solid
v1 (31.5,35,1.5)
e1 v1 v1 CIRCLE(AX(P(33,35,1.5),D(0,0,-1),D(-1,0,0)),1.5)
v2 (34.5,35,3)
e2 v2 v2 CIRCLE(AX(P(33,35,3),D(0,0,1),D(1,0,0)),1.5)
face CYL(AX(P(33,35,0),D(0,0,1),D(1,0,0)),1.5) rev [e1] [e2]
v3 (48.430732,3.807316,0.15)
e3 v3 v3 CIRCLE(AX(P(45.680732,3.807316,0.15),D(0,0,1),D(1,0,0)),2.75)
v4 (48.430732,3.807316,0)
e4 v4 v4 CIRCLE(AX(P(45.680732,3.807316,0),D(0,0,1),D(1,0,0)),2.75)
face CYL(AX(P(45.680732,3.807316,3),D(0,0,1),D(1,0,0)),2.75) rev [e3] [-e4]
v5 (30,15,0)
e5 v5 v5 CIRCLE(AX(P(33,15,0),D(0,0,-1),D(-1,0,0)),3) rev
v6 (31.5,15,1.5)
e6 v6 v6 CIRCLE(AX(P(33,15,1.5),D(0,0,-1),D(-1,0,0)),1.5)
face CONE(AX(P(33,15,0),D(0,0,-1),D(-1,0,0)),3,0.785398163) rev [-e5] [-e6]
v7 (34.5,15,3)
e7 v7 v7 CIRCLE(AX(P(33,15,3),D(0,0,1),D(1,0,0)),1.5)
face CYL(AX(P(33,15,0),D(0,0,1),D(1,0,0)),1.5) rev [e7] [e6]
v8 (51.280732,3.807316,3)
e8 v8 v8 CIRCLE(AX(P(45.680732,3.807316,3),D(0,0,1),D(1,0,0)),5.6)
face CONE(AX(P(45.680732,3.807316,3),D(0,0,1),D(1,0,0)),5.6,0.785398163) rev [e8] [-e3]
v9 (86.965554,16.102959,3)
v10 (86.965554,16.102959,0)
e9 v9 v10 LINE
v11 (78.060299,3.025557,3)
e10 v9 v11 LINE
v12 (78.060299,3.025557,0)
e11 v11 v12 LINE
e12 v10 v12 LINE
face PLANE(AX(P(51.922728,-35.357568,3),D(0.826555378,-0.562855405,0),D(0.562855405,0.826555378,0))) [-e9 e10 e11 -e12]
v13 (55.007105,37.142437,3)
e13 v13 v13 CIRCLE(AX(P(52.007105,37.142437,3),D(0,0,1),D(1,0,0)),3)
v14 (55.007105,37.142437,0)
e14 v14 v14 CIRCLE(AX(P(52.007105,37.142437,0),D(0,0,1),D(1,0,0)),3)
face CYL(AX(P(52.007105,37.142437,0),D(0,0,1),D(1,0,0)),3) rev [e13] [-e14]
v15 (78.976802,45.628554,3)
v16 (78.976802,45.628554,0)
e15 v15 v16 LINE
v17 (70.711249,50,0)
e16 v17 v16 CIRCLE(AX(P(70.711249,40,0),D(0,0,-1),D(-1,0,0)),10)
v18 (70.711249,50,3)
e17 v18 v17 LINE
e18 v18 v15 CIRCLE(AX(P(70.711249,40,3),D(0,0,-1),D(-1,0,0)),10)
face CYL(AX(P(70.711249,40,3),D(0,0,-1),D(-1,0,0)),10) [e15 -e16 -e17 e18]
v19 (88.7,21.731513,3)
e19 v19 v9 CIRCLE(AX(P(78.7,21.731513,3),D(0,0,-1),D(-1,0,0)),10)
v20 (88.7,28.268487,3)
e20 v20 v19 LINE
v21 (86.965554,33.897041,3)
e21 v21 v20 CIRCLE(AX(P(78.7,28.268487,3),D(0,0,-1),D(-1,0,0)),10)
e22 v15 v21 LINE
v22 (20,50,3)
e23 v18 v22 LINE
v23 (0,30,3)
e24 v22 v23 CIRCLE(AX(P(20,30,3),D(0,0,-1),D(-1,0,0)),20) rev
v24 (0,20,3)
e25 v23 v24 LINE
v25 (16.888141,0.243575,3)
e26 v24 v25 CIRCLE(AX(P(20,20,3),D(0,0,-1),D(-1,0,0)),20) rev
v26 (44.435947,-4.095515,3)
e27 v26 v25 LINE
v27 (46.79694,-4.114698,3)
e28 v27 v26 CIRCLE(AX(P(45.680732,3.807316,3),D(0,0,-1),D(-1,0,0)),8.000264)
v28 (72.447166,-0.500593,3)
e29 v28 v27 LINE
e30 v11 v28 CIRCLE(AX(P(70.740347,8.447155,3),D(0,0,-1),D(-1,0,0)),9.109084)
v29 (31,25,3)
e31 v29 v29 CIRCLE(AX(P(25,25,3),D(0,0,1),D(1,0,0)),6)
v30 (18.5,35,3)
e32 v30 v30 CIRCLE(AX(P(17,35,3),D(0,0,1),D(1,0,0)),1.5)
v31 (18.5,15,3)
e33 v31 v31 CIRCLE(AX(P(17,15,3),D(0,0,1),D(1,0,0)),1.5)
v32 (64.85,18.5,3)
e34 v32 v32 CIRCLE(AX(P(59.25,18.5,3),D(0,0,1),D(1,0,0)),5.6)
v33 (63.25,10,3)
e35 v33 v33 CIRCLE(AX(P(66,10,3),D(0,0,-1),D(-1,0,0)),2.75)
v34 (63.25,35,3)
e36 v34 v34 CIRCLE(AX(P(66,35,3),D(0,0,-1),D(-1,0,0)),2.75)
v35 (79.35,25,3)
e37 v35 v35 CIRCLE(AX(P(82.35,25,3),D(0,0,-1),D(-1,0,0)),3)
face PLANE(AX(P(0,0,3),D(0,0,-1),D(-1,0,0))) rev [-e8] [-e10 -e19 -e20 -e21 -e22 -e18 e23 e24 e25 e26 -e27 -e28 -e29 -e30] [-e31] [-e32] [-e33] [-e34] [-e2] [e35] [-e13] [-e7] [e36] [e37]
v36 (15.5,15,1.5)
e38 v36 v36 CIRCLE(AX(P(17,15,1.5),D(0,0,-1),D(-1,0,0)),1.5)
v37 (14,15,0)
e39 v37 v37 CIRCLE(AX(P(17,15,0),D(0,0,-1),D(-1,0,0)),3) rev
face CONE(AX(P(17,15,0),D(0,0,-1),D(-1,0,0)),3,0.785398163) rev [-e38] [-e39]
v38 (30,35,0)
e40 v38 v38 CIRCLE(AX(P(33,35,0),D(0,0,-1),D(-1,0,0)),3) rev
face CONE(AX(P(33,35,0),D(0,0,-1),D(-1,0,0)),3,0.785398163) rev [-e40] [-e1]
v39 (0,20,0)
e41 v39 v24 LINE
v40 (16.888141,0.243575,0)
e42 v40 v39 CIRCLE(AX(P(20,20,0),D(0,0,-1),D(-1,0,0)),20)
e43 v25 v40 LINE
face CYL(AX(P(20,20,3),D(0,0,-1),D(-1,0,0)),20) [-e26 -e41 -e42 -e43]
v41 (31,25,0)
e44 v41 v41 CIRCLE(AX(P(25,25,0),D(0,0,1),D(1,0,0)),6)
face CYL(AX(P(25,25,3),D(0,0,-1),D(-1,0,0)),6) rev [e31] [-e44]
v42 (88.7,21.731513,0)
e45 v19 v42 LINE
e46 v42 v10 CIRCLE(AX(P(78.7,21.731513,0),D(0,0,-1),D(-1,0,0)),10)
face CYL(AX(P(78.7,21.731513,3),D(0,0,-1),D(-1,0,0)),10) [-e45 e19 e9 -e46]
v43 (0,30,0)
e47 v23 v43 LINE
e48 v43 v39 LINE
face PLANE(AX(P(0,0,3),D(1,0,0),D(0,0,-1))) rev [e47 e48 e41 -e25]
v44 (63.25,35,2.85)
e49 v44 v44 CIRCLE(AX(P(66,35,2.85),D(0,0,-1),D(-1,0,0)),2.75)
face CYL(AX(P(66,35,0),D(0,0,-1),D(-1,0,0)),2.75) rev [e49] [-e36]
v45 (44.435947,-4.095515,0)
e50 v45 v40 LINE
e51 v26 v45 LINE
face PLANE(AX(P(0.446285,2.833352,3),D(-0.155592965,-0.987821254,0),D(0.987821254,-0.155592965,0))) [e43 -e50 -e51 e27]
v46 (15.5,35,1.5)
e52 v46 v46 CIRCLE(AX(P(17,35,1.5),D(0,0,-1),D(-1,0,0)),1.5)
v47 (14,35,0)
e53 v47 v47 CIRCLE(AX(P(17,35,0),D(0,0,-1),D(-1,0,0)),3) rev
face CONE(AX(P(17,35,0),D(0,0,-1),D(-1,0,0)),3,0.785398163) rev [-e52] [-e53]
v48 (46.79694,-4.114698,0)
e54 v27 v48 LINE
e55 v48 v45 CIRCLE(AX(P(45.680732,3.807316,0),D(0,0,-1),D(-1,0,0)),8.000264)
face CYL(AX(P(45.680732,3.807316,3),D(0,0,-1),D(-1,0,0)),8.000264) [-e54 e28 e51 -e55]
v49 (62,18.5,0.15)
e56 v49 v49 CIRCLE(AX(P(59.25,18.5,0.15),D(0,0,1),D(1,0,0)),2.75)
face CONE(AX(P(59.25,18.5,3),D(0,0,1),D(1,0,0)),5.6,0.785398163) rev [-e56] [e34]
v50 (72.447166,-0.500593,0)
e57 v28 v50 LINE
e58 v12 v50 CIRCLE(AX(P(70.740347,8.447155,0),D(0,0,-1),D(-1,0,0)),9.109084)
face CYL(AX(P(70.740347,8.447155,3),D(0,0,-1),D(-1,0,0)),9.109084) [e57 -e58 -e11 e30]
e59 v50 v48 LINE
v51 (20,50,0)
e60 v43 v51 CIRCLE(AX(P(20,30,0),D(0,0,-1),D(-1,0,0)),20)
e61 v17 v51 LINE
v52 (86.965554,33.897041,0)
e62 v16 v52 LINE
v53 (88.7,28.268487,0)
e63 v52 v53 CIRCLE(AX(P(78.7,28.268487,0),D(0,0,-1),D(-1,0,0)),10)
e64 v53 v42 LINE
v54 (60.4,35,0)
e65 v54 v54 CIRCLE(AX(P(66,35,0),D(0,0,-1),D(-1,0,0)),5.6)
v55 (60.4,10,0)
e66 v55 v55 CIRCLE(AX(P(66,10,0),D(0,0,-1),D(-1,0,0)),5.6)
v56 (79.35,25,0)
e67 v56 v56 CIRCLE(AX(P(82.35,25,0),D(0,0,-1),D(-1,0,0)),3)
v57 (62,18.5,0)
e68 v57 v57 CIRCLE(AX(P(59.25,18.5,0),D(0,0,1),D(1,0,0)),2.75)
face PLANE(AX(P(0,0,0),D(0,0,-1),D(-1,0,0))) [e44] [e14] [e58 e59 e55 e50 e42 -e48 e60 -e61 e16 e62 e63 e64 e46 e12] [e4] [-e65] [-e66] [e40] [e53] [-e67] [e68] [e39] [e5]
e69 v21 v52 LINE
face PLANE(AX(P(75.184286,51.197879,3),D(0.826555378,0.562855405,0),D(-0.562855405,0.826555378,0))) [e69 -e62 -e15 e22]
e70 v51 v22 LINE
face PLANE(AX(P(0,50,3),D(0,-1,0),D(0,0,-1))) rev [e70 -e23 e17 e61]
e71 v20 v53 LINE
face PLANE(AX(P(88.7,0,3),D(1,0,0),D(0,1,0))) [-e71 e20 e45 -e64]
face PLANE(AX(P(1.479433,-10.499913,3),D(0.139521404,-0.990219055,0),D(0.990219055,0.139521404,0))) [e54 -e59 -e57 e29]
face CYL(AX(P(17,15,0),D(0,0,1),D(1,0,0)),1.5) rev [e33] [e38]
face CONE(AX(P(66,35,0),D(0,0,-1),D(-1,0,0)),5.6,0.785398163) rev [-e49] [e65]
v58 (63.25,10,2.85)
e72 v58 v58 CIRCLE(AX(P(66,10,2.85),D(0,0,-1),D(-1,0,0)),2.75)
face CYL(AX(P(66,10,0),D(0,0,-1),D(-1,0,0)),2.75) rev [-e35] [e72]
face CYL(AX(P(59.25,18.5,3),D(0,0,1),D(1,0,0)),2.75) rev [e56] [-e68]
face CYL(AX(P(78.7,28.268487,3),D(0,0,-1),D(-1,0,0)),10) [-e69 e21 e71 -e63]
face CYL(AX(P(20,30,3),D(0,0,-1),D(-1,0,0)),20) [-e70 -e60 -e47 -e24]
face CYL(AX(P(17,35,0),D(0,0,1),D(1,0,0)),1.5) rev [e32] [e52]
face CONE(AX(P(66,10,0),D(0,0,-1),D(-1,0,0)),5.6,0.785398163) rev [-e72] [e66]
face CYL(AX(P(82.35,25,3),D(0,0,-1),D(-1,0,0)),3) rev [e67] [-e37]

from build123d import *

# Parameters (mm, degrees)
ESBO_O1_W                           = 76
ESBO_O1_H                           = 50
ESBO_O1_R                           = 2.5
ESBO_O1_R_2                         = 6
RESSALTO_EXTRUS_O1_DEPTH            = 3
ESBO_O2_R                           = 2.5
CORTE_EXTRUS_O1_DEPTH               = 3
FILETE1_R                           = 20
ESBO_O3_R                           = 1.5
CORTE_EXTRUS_O2_DEPTH               = 4
ESBO_O4_R                           = 2.5
ESBO_O4_R_2                         = 3
CORTE_EXTRUS_O3_DEPTH               = 4
RESSALTO_EXTRUS_O2_DEPTH            = 3
ESBO_O6_R                           = 3
RESSALTO_EXTRUS_O3_DEPTH            = 3
CORTE_EXTRUS_O4_DEPTH               = 4
CHANFRO1_SIZE                       = 1.5
ESCAREADO_PARA_SFHCS_M54_AT_2_COUNT = 2
ESCAREADO_PARA_SFHCS_M54_AT_2_PITCH = 25


with BuildPart() as part:
    # Esboço1 → Ressalto-extrusão1 (new body)
    with BuildSketch(Plane.XY):
        with Locations((38, 25)):
            Rectangle(ESBO_O1_W, ESBO_O1_H)
        with Locations((59.25, 18.5)):
            Circle(ESBO_O1_R, mode=Mode.SUBTRACT)
        with Locations((25, 25)):
            Circle(ESBO_O1_R_2, mode=Mode.SUBTRACT)
    extrude(amount=RESSALTO_EXTRUS_O1_DEPTH)

    # Esboço2 → Corte-extrusão1 (cut)
    with BuildSketch(Plane.XY.offset(3)):
        with Locations((66, 35)):
            Circle(ESBO_O2_R)
        with Locations((66, 10)):
            Circle(ESBO_O2_R)
    extrude(amount=-CORTE_EXTRUS_O1_DEPTH, mode=Mode.SUBTRACT)

    # Filete1
    filete1_edges = [part.edges().sort_by_distance(p)[0] for p in [
        (0, 50, 1.5),
        (0, 0, 1.5),
    ]]
    fillet(filete1_edges, radius=FILETE1_R)

    # Esboço3 → Corte-extrusão2 (cut, through all)
    with BuildSketch(Plane.XY.offset(3)):
        with Locations((33, 35)):
            Circle(ESBO_O3_R)
        with Locations((33, 15)):
            Circle(ESBO_O3_R)
        with Locations((17, 15)):
            Circle(ESBO_O3_R)
        with Locations((17, 35)):
            Circle(ESBO_O3_R)
    extrude(amount=-CORTE_EXTRUS_O2_DEPTH, mode=Mode.SUBTRACT)

    # Esboço4 → Corte-extrusão3 (cut, through all)
    with BuildSketch(Plane.XY.offset(3)):
        with Locations((45.680731562, 3.807316308)):
            Circle(ESBO_O4_R)
        with Locations((52.0071049, 37.142437356)):
            Circle(ESBO_O4_R_2)
    extrude(amount=-CORTE_EXTRUS_O3_DEPTH, mode=Mode.SUBTRACT)

    # Esboço5 → Ressalto-extrusão2 (add, through all)
    with BuildSketch(Plane(origin=(0, 0, 0), x_dir=(-1, 0, 0), z_dir=(0, 0, -1))):
        with BuildLine():
            Line((-20, 0), (-76, 0))
            Line((-76, 0), (-46.796939635, -4.11469761))
            ThreePointArc((-46.796939635, -4.11469761), (-45.615731629, -4.192683692), (-44.435946758, -4.095514563))
            Line((-44.435946758, -4.095514563), (-16.888140703, 0.243574926))
            ThreePointArc((-16.888140703, 0.243574926), (-18.439311288, 0.060986716), (-20, 0))
        make_face()
    extrude(amount=-RESSALTO_EXTRUS_O2_DEPTH)

    # Esboço6 → Ressalto-extrusão3 (add, through all)
    with BuildSketch(Plane(origin=(0, 0, 0), x_dir=(-1, 0, 0), z_dir=(0, 0, -1))):
        with BuildLine():
            ThreePointArc((-88.7, 21.731512949), (-88.256556331, 18.786647741), (-86.965553781, 16.102958899))
            Line((-86.965553781, 16.102958899), (-78.060298944, 3.02555711))
            ThreePointArc((-78.060298944, 3.02555711), (-77.114291558, 1.840577528), (-76, 0.812248345))
            Line((-76, 0.812248345), (-76, 48.486996415))
            ThreePointArc((-76, 48.486996415), (-77.637464746, 47.21301111), (-78.976802336, 45.628554049))
            Line((-78.976802336, 45.628554049), (-86.965553781, 33.897041101))
            ThreePointArc((-86.965553781, 33.897041101), (-88.256556331, 31.213352259), (-88.7, 28.268487051))
            Line((-88.7, 28.268487051), (-88.7, 21.731512949))
        make_face()
        with Locations((-82.35, 25)):
            Circle(ESBO_O6_R, mode=Mode.SUBTRACT)
    extrude(amount=-RESSALTO_EXTRUS_O3_DEPTH)

    # Esboço7 → Corte-extrusão4 (cut, through all)
    with BuildSketch(Plane(origin=(0, 0, 0), x_dir=(-1, 0, 0), z_dir=(0, 0, -1))):
        with BuildLine():
            ThreePointArc((-78.060298944, 3.02555711), (-77.114291558, 1.840577528), (-76, 0.812248345))
            Line((-76, 0.812248345), (-76, 0))
            Line((-76, 0), (-72.447166346, -0.500592608))
            ThreePointArc((-72.447166346, -0.500592608), (-75.585868949, 0.73376814), (-78.060298944, 3.02555711))
        make_face()
        with BuildLine():
            Line((-76, 50), (-76, 48.486996415))
            ThreePointArc((-76, 48.486996415), (-73.461706321, 49.614311316), (-70.711248555, 50))
            Line((-70.711248555, 50), (-76, 50))
        make_face()
    extrude(amount=-CORTE_EXTRUS_O4_DEPTH, mode=Mode.SUBTRACT)

    # Chanfro1
    chanfro1_edges = [part.edges().sort_by_distance(p)[0] for p in [
        (15.5, 35, 0),
        (15.5, 15, 0),
        (31.5, 15, 0),
        (31.5, 35, 0),
    ]]
    chamfer(chanfro1_edges, length=CHANFRO1_SIZE)

    # Esboço17 → Escareado para SFHCS M51 (revolve, cut)
    with BuildSketch(Plane(origin=(45.680731562, 3.807316308, 3), x_dir=(0, -1, 0), z_dir=(1, 0, 0))):
        Polygon((0, 0), (0, 3), (2.75, 3), (2.75, 2.85), (5.6, 0), align=None)
    revolve(axis=Axis((45.680731562, 3.807316308, 9.35), (0, 0, -1)), mode=Mode.SUBTRACT)

    # Esboço19 → Escareado para SFHCS M52 (revolve, cut)
    with BuildSketch(Plane(origin=(59.25, 18.5, 3), x_dir=(0, -1, 0), z_dir=(1, 0, 0))):
        Polygon((0, 0), (0, 3), (2.75, 3), (2.75, 2.85), (5.6, 0), align=None)
    revolve(axis=Axis((59.25, 18.5, 9.35), (0, 0, -1)), mode=Mode.SUBTRACT)

    # Esboço23 → Escareado para SFHCS M54 (revolve, cut)
    with BuildSketch(Plane(origin=(66, 35, 0), x_dir=(0, 1, 0), z_dir=(1, 0, 0))):
        Polygon((0, 0), (0, 3), (2.75, 3), (2.75, 2.85), (5.6, 0), align=None)
    escareado_para_sfhcs_m54 = revolve(axis=Axis((66, 35, -6.35), (0, 0, 1)), mode=Mode.SUBTRACT)

    # Escareado para SFHCS M54 at 2: Escareado para SFHCS M54 ×2
    with Locations(*[(0, -i * ESCAREADO_PARA_SFHCS_M54_AT_2_PITCH, 0) for i in range(1, ESCAREADO_PARA_SFHCS_M54_AT_2_COUNT)]):
        add(escareado_para_sfhcs_m54, mode=Mode.SUBTRACT)


solid = part.part
